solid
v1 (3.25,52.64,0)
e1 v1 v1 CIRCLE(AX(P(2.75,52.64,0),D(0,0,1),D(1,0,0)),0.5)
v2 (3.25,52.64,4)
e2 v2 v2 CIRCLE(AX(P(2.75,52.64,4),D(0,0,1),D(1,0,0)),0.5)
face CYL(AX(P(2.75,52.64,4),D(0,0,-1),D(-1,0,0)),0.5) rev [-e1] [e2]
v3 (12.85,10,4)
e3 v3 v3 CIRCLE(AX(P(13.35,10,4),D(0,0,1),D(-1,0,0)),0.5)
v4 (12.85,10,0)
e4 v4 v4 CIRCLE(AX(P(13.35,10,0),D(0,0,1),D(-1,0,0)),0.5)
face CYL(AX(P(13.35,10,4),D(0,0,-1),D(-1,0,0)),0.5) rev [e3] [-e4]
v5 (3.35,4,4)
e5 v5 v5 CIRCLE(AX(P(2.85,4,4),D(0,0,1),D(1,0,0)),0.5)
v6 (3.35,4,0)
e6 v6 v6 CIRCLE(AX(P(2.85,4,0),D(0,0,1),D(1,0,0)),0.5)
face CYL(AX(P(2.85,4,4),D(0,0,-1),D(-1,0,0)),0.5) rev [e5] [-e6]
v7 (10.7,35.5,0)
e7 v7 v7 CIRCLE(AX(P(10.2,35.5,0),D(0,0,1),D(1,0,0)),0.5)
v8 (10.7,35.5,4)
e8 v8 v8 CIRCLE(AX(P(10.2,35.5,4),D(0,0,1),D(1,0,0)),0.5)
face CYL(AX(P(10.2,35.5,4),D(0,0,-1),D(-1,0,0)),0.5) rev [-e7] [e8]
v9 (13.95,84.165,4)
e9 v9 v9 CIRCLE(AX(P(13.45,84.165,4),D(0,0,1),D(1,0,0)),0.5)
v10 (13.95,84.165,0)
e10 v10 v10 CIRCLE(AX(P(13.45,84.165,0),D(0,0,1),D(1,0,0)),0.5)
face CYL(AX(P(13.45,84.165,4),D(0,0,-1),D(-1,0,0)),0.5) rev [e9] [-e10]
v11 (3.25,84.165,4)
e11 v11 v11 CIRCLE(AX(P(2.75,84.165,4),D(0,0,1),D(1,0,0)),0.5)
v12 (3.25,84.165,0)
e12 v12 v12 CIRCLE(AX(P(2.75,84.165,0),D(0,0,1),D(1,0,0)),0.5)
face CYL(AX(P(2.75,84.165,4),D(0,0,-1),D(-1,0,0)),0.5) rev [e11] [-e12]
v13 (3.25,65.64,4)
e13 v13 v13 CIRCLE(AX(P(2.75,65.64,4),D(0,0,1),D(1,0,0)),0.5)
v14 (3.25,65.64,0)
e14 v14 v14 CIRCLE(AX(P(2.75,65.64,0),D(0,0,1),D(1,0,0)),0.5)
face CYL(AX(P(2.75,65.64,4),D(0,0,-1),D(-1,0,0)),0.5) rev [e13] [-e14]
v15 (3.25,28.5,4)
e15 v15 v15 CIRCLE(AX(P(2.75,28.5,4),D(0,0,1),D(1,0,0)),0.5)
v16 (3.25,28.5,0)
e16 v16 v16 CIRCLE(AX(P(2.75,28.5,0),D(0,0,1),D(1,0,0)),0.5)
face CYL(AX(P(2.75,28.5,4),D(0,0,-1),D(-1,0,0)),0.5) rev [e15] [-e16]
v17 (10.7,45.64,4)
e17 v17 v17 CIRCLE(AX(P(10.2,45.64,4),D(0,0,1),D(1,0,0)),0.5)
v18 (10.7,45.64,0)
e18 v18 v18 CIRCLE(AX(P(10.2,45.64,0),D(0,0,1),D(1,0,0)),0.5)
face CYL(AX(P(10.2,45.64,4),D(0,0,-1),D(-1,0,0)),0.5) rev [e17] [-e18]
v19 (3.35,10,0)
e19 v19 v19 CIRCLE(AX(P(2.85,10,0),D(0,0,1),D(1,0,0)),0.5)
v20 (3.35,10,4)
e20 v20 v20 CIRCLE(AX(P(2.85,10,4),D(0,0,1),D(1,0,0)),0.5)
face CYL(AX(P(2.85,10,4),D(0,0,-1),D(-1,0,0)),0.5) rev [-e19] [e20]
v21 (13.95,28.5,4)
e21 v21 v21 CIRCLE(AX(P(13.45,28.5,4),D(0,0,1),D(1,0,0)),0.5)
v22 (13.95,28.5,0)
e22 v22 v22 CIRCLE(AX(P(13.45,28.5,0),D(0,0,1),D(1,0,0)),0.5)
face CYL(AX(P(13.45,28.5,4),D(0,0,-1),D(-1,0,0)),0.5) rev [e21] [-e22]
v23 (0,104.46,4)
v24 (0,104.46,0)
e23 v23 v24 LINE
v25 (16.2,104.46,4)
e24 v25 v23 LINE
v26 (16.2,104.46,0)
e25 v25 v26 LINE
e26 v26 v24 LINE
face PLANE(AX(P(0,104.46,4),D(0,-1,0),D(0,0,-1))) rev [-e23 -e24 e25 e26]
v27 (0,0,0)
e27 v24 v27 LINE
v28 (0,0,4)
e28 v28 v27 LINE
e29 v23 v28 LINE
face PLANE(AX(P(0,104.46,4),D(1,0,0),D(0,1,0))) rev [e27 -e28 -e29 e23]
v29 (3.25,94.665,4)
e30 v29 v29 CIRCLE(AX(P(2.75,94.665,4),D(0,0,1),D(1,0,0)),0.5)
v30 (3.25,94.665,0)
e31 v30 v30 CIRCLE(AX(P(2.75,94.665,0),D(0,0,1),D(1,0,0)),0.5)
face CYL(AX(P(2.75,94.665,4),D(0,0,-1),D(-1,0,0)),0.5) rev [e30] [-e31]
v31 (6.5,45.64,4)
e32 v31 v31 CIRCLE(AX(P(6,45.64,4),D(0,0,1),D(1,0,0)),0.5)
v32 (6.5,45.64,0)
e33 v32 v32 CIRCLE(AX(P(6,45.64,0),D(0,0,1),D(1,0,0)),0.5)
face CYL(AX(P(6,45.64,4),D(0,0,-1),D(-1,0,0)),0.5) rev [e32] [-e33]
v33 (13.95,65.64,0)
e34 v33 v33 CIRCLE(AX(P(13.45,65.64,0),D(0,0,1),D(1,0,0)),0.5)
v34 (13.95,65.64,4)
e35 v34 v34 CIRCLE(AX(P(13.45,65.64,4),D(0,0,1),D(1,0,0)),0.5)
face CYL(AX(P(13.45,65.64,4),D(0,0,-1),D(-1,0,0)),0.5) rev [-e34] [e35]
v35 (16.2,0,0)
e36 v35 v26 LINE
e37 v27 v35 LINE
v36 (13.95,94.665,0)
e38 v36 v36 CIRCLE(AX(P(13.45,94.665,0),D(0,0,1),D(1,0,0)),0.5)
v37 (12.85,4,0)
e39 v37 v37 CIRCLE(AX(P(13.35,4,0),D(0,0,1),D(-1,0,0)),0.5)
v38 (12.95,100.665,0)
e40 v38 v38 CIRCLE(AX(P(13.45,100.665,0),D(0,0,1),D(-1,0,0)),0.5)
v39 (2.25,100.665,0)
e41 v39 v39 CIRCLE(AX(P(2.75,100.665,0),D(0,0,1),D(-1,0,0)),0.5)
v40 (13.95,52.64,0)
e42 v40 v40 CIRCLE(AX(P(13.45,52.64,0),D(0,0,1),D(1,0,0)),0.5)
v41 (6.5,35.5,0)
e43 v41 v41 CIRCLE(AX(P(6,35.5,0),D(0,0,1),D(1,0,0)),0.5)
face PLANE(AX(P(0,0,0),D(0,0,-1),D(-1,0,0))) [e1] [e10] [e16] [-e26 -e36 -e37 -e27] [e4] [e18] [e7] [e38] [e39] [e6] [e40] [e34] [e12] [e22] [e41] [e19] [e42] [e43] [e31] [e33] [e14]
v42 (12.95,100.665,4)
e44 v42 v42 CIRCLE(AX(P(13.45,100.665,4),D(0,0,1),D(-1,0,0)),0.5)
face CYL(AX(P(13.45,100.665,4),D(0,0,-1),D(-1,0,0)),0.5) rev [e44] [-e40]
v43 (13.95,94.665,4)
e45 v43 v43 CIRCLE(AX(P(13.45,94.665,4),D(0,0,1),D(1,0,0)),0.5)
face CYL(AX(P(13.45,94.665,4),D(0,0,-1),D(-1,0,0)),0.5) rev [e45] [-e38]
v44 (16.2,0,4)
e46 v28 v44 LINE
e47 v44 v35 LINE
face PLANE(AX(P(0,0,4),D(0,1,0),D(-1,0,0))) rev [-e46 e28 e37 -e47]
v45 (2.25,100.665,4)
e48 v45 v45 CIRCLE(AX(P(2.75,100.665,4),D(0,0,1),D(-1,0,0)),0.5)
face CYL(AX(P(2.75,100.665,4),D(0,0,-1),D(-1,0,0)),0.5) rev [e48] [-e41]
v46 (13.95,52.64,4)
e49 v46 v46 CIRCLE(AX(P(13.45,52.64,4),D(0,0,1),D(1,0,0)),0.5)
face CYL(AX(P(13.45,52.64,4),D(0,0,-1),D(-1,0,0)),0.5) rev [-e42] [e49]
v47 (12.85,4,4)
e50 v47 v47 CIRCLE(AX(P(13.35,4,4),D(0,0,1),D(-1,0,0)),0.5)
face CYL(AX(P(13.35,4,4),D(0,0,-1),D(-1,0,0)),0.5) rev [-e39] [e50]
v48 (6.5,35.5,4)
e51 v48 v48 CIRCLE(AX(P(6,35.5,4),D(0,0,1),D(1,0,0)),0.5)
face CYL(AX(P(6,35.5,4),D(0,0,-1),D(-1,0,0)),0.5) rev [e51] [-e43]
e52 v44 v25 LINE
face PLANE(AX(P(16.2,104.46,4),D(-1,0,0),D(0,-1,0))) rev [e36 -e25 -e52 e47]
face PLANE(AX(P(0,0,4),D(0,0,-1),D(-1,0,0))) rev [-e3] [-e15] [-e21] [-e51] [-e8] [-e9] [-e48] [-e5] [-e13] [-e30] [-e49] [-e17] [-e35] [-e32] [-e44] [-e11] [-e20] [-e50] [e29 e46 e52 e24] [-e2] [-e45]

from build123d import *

# Parameters (mm, degrees)
SKETCH1_W           = 16.2
SKETCH1_H           = 104.46
SKETCH1_R           = 0.5
BOSS_EXTRUDE1_DEPTH = 4


with BuildPart() as part:
    # Sketch1 → Boss-Extrude1 (new body)
    with BuildSketch(Plane.XY):
        with Locations((8.1, 52.23)):
            Rectangle(SKETCH1_W, SKETCH1_H)
        with Locations((13.45, 52.64)):
            Circle(SKETCH1_R, mode=Mode.SUBTRACT)
        with Locations((13.45, 94.665)):
            Circle(SKETCH1_R, mode=Mode.SUBTRACT)
        with Locations((2.75, 100.665)):
            Circle(SKETCH1_R, mode=Mode.SUBTRACT)
        with Locations((2.75, 52.64)):
            Circle(SKETCH1_R, mode=Mode.SUBTRACT)
        with Locations((6, 45.64)):
            Circle(SKETCH1_R, mode=Mode.SUBTRACT)
        with Locations((13.45, 28.5)):
            Circle(SKETCH1_R, mode=Mode.SUBTRACT)
        with Locations((6, 35.5)):
            Circle(SKETCH1_R, mode=Mode.SUBTRACT)
        with Locations((2.75, 28.5)):
            Circle(SKETCH1_R, mode=Mode.SUBTRACT)
        with Locations((2.75, 94.665)):
            Circle(SKETCH1_R, mode=Mode.SUBTRACT)
        with Locations((13.45, 84.165)):
            Circle(SKETCH1_R, mode=Mode.SUBTRACT)
        with Locations((13.45, 65.64)):
            Circle(SKETCH1_R, mode=Mode.SUBTRACT)
        with Locations((13.45, 100.665)):
            Circle(SKETCH1_R, mode=Mode.SUBTRACT)
        with Locations((10.2, 45.64)):
            Circle(SKETCH1_R, mode=Mode.SUBTRACT)
        with Locations((2.75, 84.165)):
            Circle(SKETCH1_R, mode=Mode.SUBTRACT)
        with Locations((2.85, 10)):
            Circle(SKETCH1_R, mode=Mode.SUBTRACT)
        with Locations((13.35, 10)):
            Circle(SKETCH1_R, mode=Mode.SUBTRACT)
        with Locations((13.35, 4)):
            Circle(SKETCH1_R, mode=Mode.SUBTRACT)
        with Locations((2.85, 4)):
            Circle(SKETCH1_R, mode=Mode.SUBTRACT)
        with Locations((2.75, 65.64)):
            Circle(SKETCH1_R, mode=Mode.SUBTRACT)
        with Locations((10.2, 35.5)):
            Circle(SKETCH1_R, mode=Mode.SUBTRACT)
    extrude(amount=BOSS_EXTRUDE1_DEPTH)


solid = part.part
